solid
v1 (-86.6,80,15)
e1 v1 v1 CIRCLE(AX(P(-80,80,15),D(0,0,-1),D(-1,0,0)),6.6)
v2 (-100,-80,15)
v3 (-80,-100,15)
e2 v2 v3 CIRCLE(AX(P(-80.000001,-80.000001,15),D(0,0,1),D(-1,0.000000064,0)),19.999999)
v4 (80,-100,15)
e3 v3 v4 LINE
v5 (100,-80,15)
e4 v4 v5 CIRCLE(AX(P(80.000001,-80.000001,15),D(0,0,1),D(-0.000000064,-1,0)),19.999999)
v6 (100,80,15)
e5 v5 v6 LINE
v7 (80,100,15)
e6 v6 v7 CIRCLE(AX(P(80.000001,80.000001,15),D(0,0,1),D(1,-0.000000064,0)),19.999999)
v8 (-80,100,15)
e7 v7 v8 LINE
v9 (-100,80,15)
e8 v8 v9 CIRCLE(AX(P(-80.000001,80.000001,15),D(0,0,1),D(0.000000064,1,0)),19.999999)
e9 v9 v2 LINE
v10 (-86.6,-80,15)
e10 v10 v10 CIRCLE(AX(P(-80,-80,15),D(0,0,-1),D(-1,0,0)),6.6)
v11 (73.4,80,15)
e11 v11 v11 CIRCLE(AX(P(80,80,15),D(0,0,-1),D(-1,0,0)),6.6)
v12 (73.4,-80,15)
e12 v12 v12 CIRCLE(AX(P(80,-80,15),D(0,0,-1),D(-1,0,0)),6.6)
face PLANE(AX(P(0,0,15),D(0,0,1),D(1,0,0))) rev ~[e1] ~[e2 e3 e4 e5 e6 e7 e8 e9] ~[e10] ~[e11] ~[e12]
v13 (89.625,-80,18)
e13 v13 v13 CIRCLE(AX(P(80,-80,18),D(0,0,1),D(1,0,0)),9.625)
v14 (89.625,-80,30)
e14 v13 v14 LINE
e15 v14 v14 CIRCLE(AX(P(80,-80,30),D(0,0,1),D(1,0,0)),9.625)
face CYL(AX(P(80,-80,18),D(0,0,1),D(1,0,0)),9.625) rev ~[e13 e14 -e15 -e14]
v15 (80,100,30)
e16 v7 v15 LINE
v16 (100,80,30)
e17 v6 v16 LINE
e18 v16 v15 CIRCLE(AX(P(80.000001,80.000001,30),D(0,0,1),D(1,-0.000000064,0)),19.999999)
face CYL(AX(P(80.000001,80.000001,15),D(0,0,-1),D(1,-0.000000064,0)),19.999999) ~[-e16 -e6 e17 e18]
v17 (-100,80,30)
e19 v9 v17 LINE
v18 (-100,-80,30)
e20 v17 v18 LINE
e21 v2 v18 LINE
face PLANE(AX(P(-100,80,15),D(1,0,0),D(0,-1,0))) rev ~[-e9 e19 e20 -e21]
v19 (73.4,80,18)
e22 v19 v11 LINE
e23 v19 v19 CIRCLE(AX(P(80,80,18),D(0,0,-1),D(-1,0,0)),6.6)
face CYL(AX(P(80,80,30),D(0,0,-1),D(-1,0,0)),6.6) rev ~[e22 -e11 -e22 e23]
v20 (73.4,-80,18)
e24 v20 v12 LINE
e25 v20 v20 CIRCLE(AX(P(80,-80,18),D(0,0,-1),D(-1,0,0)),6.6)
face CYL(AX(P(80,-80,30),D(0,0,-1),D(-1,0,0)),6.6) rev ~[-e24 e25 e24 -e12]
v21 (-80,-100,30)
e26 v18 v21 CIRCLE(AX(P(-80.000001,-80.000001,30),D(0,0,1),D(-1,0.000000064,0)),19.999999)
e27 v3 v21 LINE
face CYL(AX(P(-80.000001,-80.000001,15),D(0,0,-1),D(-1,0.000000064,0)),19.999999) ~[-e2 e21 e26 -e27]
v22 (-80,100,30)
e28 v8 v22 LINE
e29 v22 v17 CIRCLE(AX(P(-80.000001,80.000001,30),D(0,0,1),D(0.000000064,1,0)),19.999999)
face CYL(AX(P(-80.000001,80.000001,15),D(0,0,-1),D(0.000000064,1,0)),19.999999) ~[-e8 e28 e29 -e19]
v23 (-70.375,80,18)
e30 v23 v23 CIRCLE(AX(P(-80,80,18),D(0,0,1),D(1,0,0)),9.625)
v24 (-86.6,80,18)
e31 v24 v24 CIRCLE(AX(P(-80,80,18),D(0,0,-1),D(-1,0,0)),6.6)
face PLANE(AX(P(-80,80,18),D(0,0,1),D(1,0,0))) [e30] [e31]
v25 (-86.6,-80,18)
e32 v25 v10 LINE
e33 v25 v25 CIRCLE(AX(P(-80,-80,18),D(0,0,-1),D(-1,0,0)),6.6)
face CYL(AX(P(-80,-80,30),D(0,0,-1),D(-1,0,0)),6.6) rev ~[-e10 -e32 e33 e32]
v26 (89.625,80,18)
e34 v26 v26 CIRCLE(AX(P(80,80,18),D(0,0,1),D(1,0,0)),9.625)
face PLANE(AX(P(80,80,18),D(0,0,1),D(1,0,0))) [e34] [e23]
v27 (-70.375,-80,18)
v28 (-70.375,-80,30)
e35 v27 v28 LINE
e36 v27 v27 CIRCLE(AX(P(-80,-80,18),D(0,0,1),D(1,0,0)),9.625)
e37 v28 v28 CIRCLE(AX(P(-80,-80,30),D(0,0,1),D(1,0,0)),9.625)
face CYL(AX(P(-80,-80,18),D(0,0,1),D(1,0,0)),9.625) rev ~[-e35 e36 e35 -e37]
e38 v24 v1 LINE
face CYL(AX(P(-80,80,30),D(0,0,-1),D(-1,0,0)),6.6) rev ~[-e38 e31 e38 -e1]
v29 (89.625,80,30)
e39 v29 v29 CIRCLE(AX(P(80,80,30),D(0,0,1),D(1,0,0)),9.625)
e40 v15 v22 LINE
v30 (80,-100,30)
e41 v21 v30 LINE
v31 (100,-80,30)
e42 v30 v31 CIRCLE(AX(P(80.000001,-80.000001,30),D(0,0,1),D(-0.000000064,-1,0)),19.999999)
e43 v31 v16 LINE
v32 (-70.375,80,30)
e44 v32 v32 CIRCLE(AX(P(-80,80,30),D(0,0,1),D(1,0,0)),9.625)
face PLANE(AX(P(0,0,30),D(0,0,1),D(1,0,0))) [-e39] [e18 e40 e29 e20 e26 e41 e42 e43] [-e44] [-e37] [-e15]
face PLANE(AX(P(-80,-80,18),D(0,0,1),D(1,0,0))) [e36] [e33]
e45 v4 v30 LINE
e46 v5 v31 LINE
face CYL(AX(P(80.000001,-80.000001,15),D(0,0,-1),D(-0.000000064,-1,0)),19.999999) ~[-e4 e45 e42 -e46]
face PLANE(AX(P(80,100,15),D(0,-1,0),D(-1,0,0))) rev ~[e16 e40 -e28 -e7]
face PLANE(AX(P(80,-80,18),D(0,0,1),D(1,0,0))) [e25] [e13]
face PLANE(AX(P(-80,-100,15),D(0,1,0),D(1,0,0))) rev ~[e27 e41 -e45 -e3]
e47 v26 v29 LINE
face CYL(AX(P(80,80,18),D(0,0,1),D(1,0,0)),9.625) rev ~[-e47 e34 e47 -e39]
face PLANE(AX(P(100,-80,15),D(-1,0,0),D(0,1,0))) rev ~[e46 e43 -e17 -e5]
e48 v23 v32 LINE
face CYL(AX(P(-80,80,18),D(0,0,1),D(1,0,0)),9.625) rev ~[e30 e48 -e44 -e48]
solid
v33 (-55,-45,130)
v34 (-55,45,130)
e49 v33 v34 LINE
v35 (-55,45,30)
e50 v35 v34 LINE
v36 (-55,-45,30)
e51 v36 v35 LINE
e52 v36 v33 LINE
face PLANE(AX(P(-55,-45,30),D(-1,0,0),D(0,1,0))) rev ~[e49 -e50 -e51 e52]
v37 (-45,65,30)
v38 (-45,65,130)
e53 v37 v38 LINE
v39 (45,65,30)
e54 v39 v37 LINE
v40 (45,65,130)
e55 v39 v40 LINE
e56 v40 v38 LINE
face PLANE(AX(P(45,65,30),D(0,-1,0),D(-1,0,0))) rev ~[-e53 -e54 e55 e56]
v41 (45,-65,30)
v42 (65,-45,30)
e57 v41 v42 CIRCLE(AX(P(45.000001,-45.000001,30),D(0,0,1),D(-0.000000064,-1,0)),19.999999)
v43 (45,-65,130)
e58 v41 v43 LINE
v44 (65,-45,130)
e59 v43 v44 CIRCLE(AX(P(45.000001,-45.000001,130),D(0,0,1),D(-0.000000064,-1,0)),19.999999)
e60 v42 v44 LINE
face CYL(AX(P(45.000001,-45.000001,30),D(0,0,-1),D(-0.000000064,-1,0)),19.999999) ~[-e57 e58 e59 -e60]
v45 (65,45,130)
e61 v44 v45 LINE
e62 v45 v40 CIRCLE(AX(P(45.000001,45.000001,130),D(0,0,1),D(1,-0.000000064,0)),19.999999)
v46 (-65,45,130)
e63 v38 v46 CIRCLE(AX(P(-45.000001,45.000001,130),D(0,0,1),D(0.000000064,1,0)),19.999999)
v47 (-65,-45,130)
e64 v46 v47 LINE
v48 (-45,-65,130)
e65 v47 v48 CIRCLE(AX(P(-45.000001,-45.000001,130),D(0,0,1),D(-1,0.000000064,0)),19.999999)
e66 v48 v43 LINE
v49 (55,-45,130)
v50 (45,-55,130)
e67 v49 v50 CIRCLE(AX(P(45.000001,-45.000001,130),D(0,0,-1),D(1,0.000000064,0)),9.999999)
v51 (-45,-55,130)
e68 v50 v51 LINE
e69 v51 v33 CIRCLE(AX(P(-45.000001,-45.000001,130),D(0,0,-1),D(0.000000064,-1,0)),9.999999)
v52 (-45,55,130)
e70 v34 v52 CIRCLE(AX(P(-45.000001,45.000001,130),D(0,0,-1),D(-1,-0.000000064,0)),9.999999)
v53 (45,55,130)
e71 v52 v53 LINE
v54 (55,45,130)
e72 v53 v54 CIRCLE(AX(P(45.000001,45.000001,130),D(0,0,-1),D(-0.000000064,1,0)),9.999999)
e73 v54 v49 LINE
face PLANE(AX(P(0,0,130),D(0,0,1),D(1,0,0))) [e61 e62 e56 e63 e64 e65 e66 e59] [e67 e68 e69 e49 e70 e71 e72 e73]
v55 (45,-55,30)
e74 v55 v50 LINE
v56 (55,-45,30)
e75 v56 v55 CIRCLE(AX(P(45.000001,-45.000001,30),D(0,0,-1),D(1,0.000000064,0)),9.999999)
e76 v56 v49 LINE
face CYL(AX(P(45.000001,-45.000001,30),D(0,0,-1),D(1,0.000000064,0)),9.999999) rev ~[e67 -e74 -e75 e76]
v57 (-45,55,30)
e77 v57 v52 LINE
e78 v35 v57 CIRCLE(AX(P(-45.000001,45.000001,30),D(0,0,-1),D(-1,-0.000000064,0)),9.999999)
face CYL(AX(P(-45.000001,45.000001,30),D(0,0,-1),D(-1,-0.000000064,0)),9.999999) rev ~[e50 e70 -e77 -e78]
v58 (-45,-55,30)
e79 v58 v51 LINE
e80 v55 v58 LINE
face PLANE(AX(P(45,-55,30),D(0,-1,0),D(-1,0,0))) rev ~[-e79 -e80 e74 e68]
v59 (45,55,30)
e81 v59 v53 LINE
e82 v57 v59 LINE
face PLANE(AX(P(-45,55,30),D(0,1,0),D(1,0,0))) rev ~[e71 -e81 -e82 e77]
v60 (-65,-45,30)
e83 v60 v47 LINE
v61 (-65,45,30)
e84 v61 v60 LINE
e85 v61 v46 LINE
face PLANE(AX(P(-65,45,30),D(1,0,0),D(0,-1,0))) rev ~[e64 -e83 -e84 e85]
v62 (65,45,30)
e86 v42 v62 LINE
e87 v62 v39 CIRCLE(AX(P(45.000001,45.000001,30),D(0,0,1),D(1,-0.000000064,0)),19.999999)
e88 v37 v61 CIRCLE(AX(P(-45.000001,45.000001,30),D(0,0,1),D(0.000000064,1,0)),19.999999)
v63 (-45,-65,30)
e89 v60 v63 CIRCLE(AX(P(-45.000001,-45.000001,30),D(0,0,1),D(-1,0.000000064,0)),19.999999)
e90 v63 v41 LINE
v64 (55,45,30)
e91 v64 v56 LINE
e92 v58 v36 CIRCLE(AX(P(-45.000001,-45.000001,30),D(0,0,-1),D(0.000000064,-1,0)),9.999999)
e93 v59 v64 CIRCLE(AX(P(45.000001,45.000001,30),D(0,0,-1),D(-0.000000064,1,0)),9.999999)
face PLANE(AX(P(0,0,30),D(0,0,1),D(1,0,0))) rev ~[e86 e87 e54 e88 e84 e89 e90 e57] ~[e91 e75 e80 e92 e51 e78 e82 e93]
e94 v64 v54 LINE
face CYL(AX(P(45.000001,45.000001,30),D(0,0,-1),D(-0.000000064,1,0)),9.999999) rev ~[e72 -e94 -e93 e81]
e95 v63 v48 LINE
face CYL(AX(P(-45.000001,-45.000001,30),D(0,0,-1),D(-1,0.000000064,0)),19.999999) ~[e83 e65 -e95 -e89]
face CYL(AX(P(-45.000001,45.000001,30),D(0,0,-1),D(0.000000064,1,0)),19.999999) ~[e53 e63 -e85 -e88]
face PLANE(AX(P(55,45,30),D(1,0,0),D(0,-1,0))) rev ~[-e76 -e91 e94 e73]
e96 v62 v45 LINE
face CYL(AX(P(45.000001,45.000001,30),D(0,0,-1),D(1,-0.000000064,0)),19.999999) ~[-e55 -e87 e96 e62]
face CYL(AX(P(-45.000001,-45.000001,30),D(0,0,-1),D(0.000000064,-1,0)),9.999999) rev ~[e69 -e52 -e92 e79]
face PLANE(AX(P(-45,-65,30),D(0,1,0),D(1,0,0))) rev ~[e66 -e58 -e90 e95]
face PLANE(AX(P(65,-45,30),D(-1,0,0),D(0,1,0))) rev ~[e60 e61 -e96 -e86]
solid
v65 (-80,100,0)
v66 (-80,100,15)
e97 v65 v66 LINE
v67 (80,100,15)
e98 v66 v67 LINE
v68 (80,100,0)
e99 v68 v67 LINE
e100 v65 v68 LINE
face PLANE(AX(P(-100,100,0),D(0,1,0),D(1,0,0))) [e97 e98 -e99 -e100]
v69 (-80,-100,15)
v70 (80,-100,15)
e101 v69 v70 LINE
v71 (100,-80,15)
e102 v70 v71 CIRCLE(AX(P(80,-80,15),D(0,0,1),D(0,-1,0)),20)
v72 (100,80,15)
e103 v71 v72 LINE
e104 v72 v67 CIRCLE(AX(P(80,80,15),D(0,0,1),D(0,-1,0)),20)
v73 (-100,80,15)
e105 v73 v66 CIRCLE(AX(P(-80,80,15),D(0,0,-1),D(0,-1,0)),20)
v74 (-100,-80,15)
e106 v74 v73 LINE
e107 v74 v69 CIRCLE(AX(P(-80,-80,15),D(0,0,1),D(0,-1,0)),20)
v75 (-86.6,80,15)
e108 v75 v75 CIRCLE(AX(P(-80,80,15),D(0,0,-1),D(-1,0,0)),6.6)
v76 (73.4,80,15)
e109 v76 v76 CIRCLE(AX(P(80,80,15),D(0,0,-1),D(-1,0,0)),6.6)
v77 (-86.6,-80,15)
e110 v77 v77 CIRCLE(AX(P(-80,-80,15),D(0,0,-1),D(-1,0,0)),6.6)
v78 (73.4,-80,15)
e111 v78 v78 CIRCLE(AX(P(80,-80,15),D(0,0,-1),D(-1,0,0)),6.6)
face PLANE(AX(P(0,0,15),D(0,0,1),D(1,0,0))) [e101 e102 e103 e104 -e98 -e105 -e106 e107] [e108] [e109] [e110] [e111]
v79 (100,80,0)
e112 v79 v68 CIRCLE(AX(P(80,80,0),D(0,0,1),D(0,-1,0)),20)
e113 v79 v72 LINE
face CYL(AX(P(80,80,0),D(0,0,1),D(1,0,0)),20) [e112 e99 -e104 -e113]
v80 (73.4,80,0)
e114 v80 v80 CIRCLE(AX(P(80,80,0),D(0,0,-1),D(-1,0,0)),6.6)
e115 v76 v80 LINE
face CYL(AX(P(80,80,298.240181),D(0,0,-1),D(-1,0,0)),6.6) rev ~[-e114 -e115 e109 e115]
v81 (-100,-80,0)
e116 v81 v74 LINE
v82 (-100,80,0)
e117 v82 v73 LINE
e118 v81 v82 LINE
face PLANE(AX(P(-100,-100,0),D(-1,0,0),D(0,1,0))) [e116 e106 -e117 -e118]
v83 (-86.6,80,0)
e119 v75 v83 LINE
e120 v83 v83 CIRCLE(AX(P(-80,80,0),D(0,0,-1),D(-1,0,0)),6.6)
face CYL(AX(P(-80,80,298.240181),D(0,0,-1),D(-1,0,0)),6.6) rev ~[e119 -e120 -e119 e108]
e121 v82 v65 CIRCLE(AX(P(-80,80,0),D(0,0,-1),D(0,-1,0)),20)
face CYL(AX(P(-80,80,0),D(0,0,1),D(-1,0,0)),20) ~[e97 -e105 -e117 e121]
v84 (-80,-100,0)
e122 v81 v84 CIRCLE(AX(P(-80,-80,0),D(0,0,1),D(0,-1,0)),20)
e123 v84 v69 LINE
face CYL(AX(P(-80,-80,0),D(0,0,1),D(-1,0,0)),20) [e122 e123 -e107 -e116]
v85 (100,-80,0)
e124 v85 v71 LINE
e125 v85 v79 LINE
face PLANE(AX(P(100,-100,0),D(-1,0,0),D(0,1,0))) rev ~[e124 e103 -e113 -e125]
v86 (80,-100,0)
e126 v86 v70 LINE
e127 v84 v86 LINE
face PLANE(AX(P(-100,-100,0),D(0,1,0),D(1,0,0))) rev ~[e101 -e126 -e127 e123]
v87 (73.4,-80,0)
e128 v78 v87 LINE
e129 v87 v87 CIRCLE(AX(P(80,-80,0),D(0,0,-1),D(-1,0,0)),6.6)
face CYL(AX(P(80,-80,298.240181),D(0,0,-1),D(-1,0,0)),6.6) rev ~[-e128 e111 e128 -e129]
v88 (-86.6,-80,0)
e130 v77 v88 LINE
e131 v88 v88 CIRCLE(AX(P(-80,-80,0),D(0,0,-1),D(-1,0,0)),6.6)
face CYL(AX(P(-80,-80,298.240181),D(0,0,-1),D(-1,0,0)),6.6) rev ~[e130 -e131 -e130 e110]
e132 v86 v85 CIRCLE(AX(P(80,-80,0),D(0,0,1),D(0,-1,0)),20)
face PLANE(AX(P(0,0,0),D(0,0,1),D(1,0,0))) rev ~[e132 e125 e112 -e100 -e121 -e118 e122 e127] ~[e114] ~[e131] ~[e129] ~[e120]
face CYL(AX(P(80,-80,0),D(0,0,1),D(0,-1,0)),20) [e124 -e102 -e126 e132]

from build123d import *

# Parameters (mm, degrees)
F0_W           = 200
F0_H           = 200
F1_DEPTH       = 15
F2_R           = 20
F4_D           = 13.2
F6_DEPTH       = 15
F8_D           = 13.2
F8_CBORE_D     = 19.25
F8_CBORE_DEPTH = 12
F10_DEPTH      = 100


with BuildPart() as f1:
    # F0 (on Top) → F1 (new body)
    with BuildSketch(Plane.XY):
        Rectangle(F0_W, F0_H)
    extrude(amount=F1_DEPTH)

    # F2
    f2_edges = [f1.edges().sort_by_distance(p)[0] for p in [
        (100, -100, 7.5),
        (100, 100, 7.5),
        (-100, -100, 7.5),
        (-100, 100, 7.5),
    ]]
    fillet(f2_edges, radius=F2_R)

    # F4 (through all)
    with Locations(Plane.XY.offset(15)):
        with Locations((80, 80), (-80, 80), (-80, -80), (80, -80)):
            Hole(F4_D / 2)


with BuildPart() as f6:
    # F5 (on face) → F6 (new body)
    with BuildSketch(Plane.XY.offset(15)):
        with BuildLine():
            Line((-100, 80), (-100, -80))
            ThreePointArc((-100, -80), (-94.142136, -94.142136), (-80, -100))
            Line((-80, -100), (80, -100))
            ThreePointArc((80, -100), (94.142136, -94.142136), (100, -80))
            Line((100, -80), (100, 80))
            ThreePointArc((100, 80), (94.142136, 94.142136), (80, 100))
            Line((80, 100), (-80, 100))
            ThreePointArc((-80, 100), (-94.142136, 94.142136), (-100, 80))
        make_face()
    extrude(amount=F6_DEPTH)

    # F8 (through all)
    with Locations(Plane.XY.offset(30)):
        with Locations((-80, -80), (-80, 80), (80, 80), (80, -80)):
            CounterBoreHole(F8_D / 2, F8_CBORE_D / 2, F8_CBORE_DEPTH)


with BuildPart() as f10:
    # F9 (on face) → F10 (new body)
    with BuildSketch(Plane.XY.offset(30)):
        with BuildLine():
            Line((-45, -65), (45, -65))
            ThreePointArc((45, -65), (59.142136, -59.142136), (65, -45))
            Line((65, -45), (65, 45))
            ThreePointArc((65, 45), (59.142136, 59.142136), (45, 65))
            Line((45, 65), (-45, 65))
            ThreePointArc((-45, 65), (-59.142136, 59.142136), (-65, 45))
            Line((-65, 45), (-65, -45))
            ThreePointArc((-65, -45), (-59.142136, -59.142136), (-45, -65))
        make_face()
        with BuildLine():
            Line((-45, 55), (45, 55))
            ThreePointArc((45, 55), (52.071068, 52.071068), (55, 45))
            Line((55, 45), (55, -45))
            ThreePointArc((55, -45), (52.071068, -52.071068), (45, -55))
            Line((45, -55), (-45, -55))
            ThreePointArc((-45, -55), (-52.071068, -52.071068), (-55, -45))
            Line((-55, -45), (-55, 45))
            ThreePointArc((-55, 45), (-52.071068, 52.071068), (-45, 55))
        make_face(mode=Mode.SUBTRACT)
    extrude(amount=F10_DEPTH)


solid = Compound([f1.part, f6.part, f10.part])
